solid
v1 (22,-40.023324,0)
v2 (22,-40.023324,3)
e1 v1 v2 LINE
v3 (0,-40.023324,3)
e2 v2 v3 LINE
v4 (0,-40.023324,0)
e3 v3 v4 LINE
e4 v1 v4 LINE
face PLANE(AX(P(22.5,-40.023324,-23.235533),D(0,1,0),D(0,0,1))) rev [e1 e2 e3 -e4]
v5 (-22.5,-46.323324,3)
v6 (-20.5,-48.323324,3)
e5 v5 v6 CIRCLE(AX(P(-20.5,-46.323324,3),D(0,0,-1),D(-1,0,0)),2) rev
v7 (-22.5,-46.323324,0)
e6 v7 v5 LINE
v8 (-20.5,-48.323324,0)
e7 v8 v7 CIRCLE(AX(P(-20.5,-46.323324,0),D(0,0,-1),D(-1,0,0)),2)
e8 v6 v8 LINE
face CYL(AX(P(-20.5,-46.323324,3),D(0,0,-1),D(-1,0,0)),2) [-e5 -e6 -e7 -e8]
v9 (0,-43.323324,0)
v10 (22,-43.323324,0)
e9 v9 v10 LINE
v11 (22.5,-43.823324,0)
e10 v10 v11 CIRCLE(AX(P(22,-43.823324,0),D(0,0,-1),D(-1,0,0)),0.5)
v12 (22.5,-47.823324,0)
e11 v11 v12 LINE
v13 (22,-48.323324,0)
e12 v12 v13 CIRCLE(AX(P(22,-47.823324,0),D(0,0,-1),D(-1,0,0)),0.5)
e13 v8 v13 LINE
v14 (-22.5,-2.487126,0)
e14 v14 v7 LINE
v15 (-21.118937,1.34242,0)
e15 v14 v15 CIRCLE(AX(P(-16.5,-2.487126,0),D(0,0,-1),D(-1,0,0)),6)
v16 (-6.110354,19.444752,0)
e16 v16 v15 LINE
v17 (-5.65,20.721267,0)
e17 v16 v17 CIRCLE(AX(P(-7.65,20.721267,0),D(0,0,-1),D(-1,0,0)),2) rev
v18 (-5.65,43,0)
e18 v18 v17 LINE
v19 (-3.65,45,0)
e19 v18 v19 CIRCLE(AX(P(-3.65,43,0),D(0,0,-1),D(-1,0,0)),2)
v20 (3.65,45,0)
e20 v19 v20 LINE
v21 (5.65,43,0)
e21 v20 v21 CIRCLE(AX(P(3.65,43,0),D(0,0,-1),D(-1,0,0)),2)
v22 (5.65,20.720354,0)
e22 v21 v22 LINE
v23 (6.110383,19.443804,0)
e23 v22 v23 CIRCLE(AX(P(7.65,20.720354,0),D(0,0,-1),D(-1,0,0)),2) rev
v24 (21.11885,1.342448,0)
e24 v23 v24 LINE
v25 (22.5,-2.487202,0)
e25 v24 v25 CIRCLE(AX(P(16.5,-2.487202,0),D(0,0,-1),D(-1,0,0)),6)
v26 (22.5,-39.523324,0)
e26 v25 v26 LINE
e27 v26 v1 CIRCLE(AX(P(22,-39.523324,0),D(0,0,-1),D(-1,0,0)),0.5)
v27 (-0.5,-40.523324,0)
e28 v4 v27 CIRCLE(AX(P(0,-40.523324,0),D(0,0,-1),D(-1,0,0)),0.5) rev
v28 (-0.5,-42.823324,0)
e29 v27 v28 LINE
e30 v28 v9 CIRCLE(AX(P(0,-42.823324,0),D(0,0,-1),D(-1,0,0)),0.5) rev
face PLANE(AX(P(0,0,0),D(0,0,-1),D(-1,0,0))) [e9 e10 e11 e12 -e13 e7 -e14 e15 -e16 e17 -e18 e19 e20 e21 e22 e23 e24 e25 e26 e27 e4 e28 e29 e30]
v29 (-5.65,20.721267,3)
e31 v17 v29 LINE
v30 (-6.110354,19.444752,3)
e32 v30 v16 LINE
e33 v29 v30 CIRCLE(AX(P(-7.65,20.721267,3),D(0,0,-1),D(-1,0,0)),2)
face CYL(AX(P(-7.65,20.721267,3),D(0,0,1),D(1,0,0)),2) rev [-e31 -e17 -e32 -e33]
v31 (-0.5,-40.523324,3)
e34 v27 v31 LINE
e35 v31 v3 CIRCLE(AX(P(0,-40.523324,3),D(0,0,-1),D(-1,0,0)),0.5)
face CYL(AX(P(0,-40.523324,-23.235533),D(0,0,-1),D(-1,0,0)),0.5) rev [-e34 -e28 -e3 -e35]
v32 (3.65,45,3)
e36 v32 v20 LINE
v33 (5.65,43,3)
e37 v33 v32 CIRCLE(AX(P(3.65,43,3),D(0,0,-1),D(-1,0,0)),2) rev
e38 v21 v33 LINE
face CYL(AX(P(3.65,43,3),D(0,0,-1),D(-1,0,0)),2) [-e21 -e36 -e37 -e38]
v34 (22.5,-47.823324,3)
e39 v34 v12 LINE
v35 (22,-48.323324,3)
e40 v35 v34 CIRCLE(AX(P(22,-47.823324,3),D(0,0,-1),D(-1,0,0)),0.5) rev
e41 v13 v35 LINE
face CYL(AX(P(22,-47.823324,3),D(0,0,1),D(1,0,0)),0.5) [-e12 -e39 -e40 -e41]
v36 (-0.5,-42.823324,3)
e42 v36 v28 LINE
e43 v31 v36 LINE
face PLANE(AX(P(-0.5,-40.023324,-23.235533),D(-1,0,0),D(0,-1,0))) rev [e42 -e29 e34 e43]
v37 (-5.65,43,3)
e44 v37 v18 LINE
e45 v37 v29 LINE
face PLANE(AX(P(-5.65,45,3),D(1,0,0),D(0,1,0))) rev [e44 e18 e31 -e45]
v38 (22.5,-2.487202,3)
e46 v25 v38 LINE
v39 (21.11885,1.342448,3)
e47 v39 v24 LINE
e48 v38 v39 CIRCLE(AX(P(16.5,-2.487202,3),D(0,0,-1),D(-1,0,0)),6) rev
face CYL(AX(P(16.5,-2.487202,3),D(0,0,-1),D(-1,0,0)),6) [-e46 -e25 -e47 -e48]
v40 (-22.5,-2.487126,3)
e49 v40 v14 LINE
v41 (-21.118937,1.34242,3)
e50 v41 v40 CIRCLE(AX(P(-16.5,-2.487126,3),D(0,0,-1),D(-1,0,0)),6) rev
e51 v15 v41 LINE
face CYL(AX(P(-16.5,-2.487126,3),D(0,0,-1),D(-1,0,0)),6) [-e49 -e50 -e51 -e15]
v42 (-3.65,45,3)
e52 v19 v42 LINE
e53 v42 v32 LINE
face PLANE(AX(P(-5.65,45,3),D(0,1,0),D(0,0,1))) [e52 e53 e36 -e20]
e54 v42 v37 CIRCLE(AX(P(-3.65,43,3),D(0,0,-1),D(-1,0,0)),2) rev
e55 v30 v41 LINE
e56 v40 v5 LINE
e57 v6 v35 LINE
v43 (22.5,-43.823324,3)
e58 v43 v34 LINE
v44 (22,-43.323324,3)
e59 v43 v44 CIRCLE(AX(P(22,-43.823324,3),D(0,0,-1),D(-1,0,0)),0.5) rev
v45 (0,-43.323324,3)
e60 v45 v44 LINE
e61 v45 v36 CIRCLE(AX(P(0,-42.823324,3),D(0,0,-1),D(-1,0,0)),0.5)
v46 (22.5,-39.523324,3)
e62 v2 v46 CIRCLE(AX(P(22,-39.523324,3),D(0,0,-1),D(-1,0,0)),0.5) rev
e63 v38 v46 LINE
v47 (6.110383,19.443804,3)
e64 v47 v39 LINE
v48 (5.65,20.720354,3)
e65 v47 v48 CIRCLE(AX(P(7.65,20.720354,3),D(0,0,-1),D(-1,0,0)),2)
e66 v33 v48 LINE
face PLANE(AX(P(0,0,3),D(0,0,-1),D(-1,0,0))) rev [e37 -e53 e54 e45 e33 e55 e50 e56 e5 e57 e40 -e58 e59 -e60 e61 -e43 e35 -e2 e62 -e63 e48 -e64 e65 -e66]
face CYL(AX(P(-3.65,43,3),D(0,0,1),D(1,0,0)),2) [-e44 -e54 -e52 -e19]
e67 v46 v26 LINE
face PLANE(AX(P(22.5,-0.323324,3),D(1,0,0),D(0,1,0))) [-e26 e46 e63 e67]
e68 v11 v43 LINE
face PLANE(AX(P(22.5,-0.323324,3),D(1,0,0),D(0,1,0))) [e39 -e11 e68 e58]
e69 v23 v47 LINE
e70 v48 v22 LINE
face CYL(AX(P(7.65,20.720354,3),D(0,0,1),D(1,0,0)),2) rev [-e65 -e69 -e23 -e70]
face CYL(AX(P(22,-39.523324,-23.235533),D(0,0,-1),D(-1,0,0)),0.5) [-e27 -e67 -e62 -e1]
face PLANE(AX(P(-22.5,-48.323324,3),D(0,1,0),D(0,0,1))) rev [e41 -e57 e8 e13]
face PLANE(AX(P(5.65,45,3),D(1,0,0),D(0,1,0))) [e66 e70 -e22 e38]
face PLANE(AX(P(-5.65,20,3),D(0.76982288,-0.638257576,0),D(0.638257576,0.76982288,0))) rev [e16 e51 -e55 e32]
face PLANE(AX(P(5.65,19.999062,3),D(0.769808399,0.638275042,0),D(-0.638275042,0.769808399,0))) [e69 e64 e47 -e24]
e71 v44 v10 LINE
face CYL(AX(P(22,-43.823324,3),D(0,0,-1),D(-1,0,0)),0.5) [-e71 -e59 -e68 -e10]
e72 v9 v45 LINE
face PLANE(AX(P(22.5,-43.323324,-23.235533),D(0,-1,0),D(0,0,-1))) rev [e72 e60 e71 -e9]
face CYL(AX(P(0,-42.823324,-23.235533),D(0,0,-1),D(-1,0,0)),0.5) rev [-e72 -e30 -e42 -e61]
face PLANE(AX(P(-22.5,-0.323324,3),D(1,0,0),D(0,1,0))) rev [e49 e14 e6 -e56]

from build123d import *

# Parameters (mm, degrees)
SALIENTE_EXTRUIR1_DEPTH = 3
CROQUIS3_W              = 23
CROQUIS3_H              = 3.3
CORTAR_EXTRUIR2_DEPTH   = 3
REDONDEO1_R             = 2
REDONDEO2_R             = 6
REDONDEO3_R             = 0.5


with BuildPart() as part:
    # Croquis1 → Saliente-Extruir1 (new body)
    with BuildSketch(Plane.XY):
        Polygon((-5.65, 20), (-22.5, -0.323324039), (-22.5, -48.323324039), (22.5, -48.323324039), (22.5, -0.323324039), (5.65, 19.999061555), (5.65, 45), (-5.65, 45), align=None)
    extrude(amount=SALIENTE_EXTRUIR1_DEPTH)

    # Croquis3 → Cortar-Extruir2 (cut)
    with BuildSketch(Plane.XY.offset(3)):
        with Locations((11, -41.673324039)):
            Rectangle(CROQUIS3_W, CROQUIS3_H)
    extrude(amount=-CORTAR_EXTRUIR2_DEPTH, mode=Mode.SUBTRACT)

    # Redondeo1
    redondeo1_edges = [part.edges().sort_by_distance(p)[0] for p in [
        (-5.65, 45, 1.5),
        (-5.65, 20, 1.5),
        (-22.5, -48.323324039, 1.5),
        (5.65, 19.999061555, 1.5),
        (5.65, 45, 1.5),
    ]]
    fillet(redondeo1_edges, radius=REDONDEO1_R)

    # Redondeo2
    redondeo2_edges = [part.edges().sort_by_distance(p)[0] for p in [
        (-22.5, -0.323324039, 1.5),
        (22.5, -0.323324039, 1.5),
    ]]
    fillet(redondeo2_edges, radius=REDONDEO2_R)

    # Redondeo3
    redondeo3_edges = [part.edges().sort_by_distance(p)[0] for p in [
        (22.5, -48.323324039, 1.5),
        (-0.5, -40.023324039, 1.5),
        (-0.5, -43.323324039, 1.5),
        (22.5, -43.323324039, 1.5),
        (22.5, -40.023324039, 1.5),
    ]]
    fillet(redondeo3_edges, radius=REDONDEO3_R)


solid = part.part
